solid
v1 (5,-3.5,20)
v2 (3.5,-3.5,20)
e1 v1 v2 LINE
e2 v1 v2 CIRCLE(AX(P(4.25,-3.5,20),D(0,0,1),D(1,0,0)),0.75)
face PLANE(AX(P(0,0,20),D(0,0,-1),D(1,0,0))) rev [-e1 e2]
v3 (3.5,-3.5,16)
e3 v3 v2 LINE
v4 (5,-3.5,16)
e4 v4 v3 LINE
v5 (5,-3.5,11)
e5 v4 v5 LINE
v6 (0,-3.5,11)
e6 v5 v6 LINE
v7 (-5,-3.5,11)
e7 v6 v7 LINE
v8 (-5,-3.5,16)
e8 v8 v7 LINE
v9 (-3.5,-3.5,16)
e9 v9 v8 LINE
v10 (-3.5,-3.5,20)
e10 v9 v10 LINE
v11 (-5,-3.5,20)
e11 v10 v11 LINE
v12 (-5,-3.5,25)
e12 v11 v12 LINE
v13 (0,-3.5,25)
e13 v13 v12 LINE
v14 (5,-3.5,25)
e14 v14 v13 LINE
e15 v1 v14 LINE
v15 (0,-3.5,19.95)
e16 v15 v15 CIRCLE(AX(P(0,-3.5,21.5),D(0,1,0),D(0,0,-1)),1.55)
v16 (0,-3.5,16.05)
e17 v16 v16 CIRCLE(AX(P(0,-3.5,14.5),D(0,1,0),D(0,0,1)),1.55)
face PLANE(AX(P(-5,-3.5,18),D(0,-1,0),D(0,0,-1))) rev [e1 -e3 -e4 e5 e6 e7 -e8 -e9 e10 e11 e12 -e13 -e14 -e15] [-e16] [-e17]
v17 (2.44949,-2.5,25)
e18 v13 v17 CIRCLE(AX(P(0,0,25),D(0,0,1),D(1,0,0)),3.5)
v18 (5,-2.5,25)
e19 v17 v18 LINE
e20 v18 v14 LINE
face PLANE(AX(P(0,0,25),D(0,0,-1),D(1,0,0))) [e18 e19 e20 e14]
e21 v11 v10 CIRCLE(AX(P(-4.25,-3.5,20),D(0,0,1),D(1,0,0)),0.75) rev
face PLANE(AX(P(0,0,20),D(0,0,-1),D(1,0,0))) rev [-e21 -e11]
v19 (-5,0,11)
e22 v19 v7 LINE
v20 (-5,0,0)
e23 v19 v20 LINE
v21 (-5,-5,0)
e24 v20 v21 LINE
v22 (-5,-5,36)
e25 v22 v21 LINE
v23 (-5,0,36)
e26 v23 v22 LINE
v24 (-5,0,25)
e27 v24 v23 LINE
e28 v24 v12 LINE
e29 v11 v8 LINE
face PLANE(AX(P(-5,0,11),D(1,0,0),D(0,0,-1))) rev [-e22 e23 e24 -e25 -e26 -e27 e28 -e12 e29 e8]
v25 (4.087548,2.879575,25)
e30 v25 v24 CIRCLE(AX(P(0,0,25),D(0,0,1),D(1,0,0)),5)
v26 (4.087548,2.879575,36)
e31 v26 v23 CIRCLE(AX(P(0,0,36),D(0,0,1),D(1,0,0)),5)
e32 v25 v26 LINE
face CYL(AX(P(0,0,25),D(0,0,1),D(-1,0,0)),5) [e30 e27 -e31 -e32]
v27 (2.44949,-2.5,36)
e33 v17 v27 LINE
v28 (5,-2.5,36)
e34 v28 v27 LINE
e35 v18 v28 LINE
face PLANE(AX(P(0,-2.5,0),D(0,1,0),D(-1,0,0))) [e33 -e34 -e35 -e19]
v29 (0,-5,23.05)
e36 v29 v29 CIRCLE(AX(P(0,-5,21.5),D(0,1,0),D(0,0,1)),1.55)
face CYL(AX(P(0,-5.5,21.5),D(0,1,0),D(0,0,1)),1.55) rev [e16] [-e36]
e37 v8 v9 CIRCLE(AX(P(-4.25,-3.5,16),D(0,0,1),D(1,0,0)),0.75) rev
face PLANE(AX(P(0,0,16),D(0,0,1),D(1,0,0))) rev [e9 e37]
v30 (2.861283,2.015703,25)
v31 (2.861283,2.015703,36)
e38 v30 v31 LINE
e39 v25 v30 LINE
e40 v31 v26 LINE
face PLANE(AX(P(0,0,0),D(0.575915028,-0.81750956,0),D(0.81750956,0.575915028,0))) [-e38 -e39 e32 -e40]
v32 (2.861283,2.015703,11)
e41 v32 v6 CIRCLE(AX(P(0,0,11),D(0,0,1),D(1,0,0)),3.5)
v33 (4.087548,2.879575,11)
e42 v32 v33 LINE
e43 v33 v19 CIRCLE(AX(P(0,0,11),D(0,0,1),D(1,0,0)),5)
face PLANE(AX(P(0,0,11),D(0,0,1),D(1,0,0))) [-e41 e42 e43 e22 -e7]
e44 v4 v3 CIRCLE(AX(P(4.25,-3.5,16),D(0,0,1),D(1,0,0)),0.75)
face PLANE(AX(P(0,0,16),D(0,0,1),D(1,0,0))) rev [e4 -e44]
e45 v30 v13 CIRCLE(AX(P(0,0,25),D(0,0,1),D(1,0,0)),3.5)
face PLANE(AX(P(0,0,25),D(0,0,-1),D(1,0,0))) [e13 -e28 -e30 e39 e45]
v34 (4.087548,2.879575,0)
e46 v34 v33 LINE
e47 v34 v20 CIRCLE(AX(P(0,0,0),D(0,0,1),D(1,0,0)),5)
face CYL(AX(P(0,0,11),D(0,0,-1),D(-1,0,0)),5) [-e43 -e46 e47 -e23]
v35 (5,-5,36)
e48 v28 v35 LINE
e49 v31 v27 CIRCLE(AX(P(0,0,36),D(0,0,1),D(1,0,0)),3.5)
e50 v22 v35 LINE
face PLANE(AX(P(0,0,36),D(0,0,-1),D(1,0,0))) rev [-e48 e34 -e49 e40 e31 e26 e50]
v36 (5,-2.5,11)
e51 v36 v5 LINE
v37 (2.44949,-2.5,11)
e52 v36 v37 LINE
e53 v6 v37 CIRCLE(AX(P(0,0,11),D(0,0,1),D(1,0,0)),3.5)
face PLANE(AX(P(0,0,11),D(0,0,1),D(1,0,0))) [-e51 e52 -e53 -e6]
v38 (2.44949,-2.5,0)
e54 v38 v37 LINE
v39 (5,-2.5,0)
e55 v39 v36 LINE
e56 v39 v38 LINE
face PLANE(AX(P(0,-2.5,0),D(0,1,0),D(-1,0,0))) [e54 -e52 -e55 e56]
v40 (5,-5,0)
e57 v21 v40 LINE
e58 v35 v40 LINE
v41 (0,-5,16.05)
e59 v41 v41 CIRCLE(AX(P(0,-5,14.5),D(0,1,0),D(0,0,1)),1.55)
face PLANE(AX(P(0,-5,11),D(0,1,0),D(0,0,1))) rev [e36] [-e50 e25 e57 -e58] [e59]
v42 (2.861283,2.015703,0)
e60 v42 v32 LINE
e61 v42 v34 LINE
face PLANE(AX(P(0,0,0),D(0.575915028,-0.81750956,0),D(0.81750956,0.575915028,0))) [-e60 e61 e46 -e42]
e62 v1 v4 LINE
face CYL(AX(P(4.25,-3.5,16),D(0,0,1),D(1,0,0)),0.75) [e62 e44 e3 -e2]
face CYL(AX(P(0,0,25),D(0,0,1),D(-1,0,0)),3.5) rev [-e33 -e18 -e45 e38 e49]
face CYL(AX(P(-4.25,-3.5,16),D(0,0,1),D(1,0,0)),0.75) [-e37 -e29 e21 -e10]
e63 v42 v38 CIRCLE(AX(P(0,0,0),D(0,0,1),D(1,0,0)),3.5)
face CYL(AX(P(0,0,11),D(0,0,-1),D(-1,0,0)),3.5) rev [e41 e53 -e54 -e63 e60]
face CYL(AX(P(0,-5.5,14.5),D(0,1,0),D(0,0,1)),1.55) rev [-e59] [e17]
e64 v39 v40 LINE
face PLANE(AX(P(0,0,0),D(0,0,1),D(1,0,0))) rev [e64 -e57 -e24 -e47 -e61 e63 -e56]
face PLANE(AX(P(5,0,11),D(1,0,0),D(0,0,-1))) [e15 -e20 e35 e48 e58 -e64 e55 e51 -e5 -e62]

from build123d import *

# Parameters (mm, degrees)
RESSALTO_EXTRUS_O1_DEPTH = 11
ESBO_O2_W                = 10
ESBO_O2_H                = 1.5
RESSALTO_EXTRUS_O2_DEPTH = 7
RESSALTO_EXTRUS_O3_DEPTH = 2
ESBO_O4_R                = 1.55
CORTE_EXTRUS_O1_DEPTH    = 2
CORTE_EXTRUS_O2_DEPTH    = 37.687872656


with BuildPart() as part:
    # Esboço1 → Ressalto-extrusão1 (new body)
    with BuildSketch(Plane.XY):
        with BuildLine():
            Line((-5, -5), (0, -5))
            ThreePointArc((0, -5), (-3.535533906, -3.535533906), (-5, 0))
            Line((-5, 0), (-5, -5))
        make_face()
        with BuildLine():
            Line((5, -5), (5, 0))
            ThreePointArc((5, 0), (3.535533906, -3.535533906), (0, -5))
            Line((0, -5), (5, -5))
        make_face()
        with BuildLine():
            ThreePointArc((-3.5, 0), (0, 3.5), (3.5, 0))
            Line((3.5, 0), (5, 0))
            ThreePointArc((5, 0), (3.535533906, 3.535533905), (1e-09, 5))
            ThreePointArc((1e-09, 5), (-3.535533905, 3.535533906), (-5, 0))
            Line((-5, 0), (-3.5, 0))
        make_face()
        with BuildLine():
            Line((5, 0), (3.5, 0))
            ThreePointArc((3.5, 0), (0, -3.5), (-3.5, 0))
            Line((-3.5, 0), (-5, 0))
            ThreePointArc((-5, 0), (-3.535533906, -3.535533906), (0, -5))
            ThreePointArc((0, -5), (3.535533906, -3.535533906), (5, 0))
        make_face()
    ressalto_extrus_o1 = extrude(amount=RESSALTO_EXTRUS_O1_DEPTH)

    # Esboço2 → Ressalto-extrusão2 (add)
    with BuildSketch(Plane.XY.offset(11)):
        with Locations((0, -4.25)):
            Rectangle(ESBO_O2_W, ESBO_O2_H)
    ressalto_extrus_o2 = extrude(amount=RESSALTO_EXTRUS_O2_DEPTH)

    # Esboço3 → Ressalto-extrusão3 (add)
    with BuildSketch(Plane.XY.offset(18)):
        with BuildLine():
            Line((3.5, -3.5), (5, -3.5))
            ThreePointArc((5, -3.5), (4.25, -2.75), (3.5, -3.5))
        make_face()
        with BuildLine():
            Line((-5, -3.5), (-3.5, -3.5))
            ThreePointArc((-3.5, -3.5), (-4.25, -2.75), (-5, -3.5))
        make_face()
    ressalto_extrus_o3 = extrude(amount=-RESSALTO_EXTRUS_O3_DEPTH)

    # Espelhar1: Ressalto-extrusão1, Ressalto-extrusão2, Ressalto-extrusão3 across plane
    add(ressalto_extrus_o1.mirror(Plane(origin=(0, 0, 18), x_dir=(1, 0, 0), z_dir=(0, 0, -1))))
    add(ressalto_extrus_o2.mirror(Plane(origin=(0, 0, 18), x_dir=(1, 0, 0), z_dir=(0, 0, -1))))
    add(ressalto_extrus_o3.mirror(Plane(origin=(0, 0, 18), x_dir=(1, 0, 0), z_dir=(0, 0, -1))))

    # Esboço4 → Corte-extrusão1 (cut)
    with BuildSketch(Plane(origin=(0, -3.5, 0), x_dir=(1, 0, 0), z_dir=(0, 1, 0))):
        with Locations(Location((0, -14.5, 0), (0, 0, 270))):
            Circle(ESBO_O4_R)
        with Locations(Location((0, -21.5, 0), (0, 0, 270))):
            Circle(ESBO_O4_R)
    extrude(amount=-CORTE_EXTRUS_O1_DEPTH, mode=Mode.SUBTRACT)

    # Esboço5 → Corte-extrusão2 (cut, through all)
    with BuildSketch(Plane.XY.offset(36)):
        with BuildLine():
            Line((2.449489743, -2.5), (5, -2.5))
            Line((5, -2.5), (5, 0))
            ThreePointArc((5, 0), (4.766431527, 1.510341187), (4.087547799, 2.87957514))
            Line((4.087547799, 2.87957514), (2.861283459, 2.015702598))
            ThreePointArc((2.861283459, 2.015702598), (3.336502069, 1.057238831), (3.5, 0))
            ThreePointArc((3.5, 0), (3.226702194, -1.355873501), (2.449489743, -2.5))
        make_face()
    extrude(amount=-CORTE_EXTRUS_O2_DEPTH, mode=Mode.SUBTRACT)


solid = part.part
